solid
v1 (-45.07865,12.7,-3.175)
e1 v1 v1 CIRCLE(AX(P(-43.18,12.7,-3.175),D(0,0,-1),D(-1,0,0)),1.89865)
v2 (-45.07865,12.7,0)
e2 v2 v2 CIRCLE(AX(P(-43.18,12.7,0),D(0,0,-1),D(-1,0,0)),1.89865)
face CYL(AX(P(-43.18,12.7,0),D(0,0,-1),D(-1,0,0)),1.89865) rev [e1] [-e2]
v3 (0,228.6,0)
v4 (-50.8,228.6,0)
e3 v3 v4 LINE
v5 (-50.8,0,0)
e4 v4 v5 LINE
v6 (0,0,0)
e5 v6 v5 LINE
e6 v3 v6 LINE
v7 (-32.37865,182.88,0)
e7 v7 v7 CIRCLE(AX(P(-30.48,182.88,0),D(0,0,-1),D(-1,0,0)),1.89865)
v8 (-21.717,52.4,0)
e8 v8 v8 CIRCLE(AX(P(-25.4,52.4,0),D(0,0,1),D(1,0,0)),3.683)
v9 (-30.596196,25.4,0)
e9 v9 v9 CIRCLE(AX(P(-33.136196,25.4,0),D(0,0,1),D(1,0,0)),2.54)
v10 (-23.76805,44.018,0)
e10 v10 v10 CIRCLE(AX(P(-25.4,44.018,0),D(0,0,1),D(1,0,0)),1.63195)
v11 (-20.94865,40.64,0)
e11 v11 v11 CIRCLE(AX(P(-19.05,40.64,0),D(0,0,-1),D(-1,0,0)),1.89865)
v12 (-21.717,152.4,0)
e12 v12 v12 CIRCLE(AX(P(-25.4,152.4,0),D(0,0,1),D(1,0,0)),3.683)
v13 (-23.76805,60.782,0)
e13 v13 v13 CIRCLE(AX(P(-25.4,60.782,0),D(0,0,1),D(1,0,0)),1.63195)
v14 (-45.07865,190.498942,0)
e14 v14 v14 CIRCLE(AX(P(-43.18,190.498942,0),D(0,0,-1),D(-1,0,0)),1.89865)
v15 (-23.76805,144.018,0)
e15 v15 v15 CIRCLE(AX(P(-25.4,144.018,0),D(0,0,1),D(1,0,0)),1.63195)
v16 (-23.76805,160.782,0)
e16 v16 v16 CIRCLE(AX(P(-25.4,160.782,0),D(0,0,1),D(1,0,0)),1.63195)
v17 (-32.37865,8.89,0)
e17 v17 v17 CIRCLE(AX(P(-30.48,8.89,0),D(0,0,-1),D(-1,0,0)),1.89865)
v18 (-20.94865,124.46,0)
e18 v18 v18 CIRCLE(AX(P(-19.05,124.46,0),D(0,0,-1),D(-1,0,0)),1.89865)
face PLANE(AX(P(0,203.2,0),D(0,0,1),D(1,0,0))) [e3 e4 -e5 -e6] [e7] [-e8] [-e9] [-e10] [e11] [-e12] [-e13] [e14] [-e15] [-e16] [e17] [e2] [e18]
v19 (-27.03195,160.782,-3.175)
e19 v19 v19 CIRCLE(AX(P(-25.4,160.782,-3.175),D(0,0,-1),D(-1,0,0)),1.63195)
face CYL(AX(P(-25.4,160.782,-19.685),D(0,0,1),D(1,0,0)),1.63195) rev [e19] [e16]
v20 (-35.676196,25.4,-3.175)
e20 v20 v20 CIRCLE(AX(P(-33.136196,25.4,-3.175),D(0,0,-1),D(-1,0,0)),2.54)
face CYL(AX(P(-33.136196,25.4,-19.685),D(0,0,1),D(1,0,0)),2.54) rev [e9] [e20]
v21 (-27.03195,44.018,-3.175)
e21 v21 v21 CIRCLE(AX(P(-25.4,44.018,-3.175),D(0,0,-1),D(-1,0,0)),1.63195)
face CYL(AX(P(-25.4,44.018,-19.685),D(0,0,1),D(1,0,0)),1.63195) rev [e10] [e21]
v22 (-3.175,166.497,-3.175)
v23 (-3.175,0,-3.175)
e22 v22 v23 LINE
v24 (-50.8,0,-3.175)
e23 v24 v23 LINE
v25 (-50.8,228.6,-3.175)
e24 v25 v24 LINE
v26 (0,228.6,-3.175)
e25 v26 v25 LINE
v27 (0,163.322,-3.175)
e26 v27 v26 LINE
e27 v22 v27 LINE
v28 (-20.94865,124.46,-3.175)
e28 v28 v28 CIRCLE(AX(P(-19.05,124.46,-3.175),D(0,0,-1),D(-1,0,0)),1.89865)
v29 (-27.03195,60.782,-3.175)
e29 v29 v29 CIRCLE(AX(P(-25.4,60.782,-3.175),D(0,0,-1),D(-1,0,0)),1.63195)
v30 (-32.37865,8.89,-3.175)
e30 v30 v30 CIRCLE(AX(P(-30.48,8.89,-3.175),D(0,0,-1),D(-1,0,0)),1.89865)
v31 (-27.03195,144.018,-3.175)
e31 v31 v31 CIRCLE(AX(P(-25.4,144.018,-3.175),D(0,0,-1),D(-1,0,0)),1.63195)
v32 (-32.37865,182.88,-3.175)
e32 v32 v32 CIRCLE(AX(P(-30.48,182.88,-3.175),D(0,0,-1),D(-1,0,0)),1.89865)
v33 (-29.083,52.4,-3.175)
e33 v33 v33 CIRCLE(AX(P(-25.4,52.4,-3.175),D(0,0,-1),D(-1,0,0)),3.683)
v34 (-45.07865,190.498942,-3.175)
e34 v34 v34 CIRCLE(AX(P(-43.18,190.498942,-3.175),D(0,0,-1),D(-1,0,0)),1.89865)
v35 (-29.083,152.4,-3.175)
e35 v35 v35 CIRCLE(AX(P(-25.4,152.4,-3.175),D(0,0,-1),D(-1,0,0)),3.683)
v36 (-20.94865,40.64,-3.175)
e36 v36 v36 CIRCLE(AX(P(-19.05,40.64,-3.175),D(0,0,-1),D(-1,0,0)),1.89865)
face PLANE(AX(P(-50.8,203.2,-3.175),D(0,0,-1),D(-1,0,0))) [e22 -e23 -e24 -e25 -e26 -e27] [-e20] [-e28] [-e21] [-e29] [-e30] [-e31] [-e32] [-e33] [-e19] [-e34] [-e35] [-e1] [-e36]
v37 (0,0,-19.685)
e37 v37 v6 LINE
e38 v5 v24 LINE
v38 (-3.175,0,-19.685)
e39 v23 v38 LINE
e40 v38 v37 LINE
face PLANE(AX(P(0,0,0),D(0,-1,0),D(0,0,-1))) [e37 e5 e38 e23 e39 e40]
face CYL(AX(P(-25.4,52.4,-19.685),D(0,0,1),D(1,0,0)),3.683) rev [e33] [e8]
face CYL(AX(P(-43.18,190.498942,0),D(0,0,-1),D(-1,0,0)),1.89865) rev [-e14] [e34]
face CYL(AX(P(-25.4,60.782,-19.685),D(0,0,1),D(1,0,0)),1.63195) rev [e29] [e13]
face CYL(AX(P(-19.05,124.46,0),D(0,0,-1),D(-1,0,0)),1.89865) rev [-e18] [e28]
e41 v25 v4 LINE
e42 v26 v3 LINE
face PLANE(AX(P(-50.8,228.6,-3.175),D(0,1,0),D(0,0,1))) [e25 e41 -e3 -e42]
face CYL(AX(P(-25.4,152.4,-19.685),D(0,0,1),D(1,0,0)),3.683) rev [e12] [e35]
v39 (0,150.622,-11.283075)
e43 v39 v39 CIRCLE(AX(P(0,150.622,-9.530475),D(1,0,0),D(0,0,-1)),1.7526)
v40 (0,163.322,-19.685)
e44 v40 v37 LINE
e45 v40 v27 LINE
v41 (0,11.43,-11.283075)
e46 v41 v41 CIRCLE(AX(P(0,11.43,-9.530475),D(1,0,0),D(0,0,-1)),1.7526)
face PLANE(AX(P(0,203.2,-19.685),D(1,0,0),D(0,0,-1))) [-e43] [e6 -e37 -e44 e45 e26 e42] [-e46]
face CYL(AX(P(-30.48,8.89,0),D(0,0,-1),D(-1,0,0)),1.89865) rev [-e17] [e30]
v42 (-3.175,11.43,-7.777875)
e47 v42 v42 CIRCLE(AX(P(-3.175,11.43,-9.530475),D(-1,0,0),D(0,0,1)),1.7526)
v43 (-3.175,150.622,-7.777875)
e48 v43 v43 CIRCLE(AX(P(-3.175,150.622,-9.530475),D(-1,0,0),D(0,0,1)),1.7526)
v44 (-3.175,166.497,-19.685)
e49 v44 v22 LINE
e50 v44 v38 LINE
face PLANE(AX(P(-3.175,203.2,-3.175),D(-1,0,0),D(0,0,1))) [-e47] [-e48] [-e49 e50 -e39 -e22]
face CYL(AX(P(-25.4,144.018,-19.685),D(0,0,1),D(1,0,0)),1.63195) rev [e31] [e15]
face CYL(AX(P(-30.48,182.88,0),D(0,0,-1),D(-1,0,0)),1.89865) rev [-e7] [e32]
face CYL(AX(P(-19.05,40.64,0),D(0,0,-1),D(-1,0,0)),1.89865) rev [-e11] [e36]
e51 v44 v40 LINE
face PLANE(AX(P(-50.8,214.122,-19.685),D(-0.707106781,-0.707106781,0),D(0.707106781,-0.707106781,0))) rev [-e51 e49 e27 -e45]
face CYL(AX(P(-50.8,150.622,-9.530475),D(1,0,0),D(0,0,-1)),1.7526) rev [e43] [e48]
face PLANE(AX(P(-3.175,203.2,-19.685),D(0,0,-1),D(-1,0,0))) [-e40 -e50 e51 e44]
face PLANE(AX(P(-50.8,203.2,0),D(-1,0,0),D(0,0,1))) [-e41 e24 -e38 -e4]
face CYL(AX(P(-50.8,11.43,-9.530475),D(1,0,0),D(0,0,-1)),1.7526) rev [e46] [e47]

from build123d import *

# Parameters (mm, degrees)
BOSS_EXTRUDE1_DEPTH     = 203.2
CUT_EXTRUDE2_DEPTH      = 20.685
SKETCH5_R               = 3.683
SKETCH5_R_2             = 1.63195
CUT_EXTRUDE3_DEPTH      = 20.685
SKETCH6_R               = 1.7526
CUT_EXTRUDE4_DEPTH      = 51.8
SKETCH8_R               = 1.89865
CUT_EXTRUDE5_DEPTH      = 4.175
SKETCH9_R               = 1.89865
CUT_EXTRUDE6_DEPTH      = 4.175
BOSS_EXTRUDE2_DEPTH     = 3.175
SKETCH11_R              = 2.54
CUT_EXTRUDE7_DEPTH      = 20.685
SKETCH12_R              = 1.89865
CUT_EXTRUDE8_DEPTH      = 4.175
SKETCH13_R              = 3.683
SKETCH13_R_2            = 1.63195
CUT_EXTRUDE9_DEPTH      = 1
CUT_EXTRUDE9_DEPTH_BACK = 20.685


with BuildPart() as part:
    # Sketch1 → Boss-Extrude1 (new body)
    with BuildSketch(Plane(origin=(0, 0, 0), x_dir=(1, 0, 0), z_dir=(0, 1, 0))):
        Polygon((0, 0), (-50.8, 0), (-50.8, 3.175), (-3.175, 3.175), (-3.175, 19.685), (0, 19.685), align=None)
    extrude(amount=BOSS_EXTRUDE1_DEPTH)

    # Sketch4 → Cut-Extrude2 (cut, through all)
    with BuildSketch(Plane.XY):
        Polygon((-50.8, 214.122), (-57.250524058, 214.122), (-57.250524058, 247.071987418), (14.491605927, 247.071987418), (14.491605927, 163.322), (0, 163.322), align=None)
    extrude(amount=-CUT_EXTRUDE2_DEPTH, mode=Mode.SUBTRACT)

    # Sketch5 → Cut-Extrude3 (cut, through all)
    with BuildSketch(Plane.XY):
        with Locations((-25.4, 152.4)):
            Circle(SKETCH5_R)
        with Locations((-25.4, 160.782)):
            Circle(SKETCH5_R_2)
        with Locations((-25.4, 144.018)):
            Circle(SKETCH5_R_2)
    extrude(amount=-CUT_EXTRUDE3_DEPTH, mode=Mode.SUBTRACT)

    # Sketch6 → Cut-Extrude4 (cut, through all)
    with BuildSketch(Plane(origin=(0, 0, 0), x_dir=(0, 0, -1), z_dir=(1, 0, 0))):
        with Locations((9.530474513, 11.43)):
            Circle(SKETCH6_R)
        with Locations((9.530474513, 150.622)):
            Circle(SKETCH6_R)
    extrude(amount=-CUT_EXTRUDE4_DEPTH, mode=Mode.SUBTRACT)

    # Sketch8 → Cut-Extrude5 (cut, through all)
    with BuildSketch(Plane(origin=(0, 0, -3.175), x_dir=(-1, 0, 0), z_dir=(0, 0, -1))):
        with Locations((30.48, 8.89)):
            Circle(SKETCH8_R)
        with Locations((30.48, 182.88)):
            Circle(SKETCH8_R)
    extrude(amount=-CUT_EXTRUDE5_DEPTH, mode=Mode.SUBTRACT)

    # Sketch9 → Cut-Extrude6 (cut, through all)
    with BuildSketch(Plane(origin=(0, 0, -3.175), x_dir=(-1, 0, 0), z_dir=(0, 0, -1))):
        with Locations((19.05, 40.64)):
            Circle(SKETCH9_R)
        with Locations((19.05, 124.46)):
            Circle(SKETCH9_R)
    extrude(amount=-CUT_EXTRUDE6_DEPTH, mode=Mode.SUBTRACT)

    # Sketch10 → Boss-Extrude2 (add)
    with BuildSketch(Plane.XY):
        Polygon((0, 228.6), (0, 163.322), (-39.878, 203.2), (-50.8, 203.2), (-50.8, 228.6), align=None)
    extrude(amount=-BOSS_EXTRUDE2_DEPTH)

    # Sketch11 → Cut-Extrude7 (cut, through all)
    with BuildSketch(Plane.XY):
        with Locations((-33.136196499, 25.4)):
            Circle(SKETCH11_R)
    extrude(amount=-CUT_EXTRUDE7_DEPTH, mode=Mode.SUBTRACT)

    # Sketch12 → Cut-Extrude8 (cut, through all)
    with BuildSketch(Plane(origin=(0, 0, -3.175), x_dir=(-1, 0, 0), z_dir=(0, 0, -1))):
        with Locations((43.18, 12.7)):
            Circle(SKETCH12_R)
        with Locations((43.18, 190.498941664)):
            Circle(SKETCH12_R)
    extrude(amount=-CUT_EXTRUDE8_DEPTH, mode=Mode.SUBTRACT)

    # Sketch13 → Cut-Extrude9 (cut, two sides)
    with BuildSketch(Plane.XY) as cut_extrude9_sk:
        with Locations((-25.4, 52.4)):
            Circle(SKETCH13_R)
        with Locations((-25.4, 60.782)):
            Circle(SKETCH13_R_2)
        with Locations((-25.4, 44.018)):
            Circle(SKETCH13_R_2)
    extrude(amount=CUT_EXTRUDE9_DEPTH, mode=Mode.SUBTRACT)
    extrude(cut_extrude9_sk.sketch, amount=-CUT_EXTRUDE9_DEPTH_BACK, mode=Mode.SUBTRACT)


solid = part.part
